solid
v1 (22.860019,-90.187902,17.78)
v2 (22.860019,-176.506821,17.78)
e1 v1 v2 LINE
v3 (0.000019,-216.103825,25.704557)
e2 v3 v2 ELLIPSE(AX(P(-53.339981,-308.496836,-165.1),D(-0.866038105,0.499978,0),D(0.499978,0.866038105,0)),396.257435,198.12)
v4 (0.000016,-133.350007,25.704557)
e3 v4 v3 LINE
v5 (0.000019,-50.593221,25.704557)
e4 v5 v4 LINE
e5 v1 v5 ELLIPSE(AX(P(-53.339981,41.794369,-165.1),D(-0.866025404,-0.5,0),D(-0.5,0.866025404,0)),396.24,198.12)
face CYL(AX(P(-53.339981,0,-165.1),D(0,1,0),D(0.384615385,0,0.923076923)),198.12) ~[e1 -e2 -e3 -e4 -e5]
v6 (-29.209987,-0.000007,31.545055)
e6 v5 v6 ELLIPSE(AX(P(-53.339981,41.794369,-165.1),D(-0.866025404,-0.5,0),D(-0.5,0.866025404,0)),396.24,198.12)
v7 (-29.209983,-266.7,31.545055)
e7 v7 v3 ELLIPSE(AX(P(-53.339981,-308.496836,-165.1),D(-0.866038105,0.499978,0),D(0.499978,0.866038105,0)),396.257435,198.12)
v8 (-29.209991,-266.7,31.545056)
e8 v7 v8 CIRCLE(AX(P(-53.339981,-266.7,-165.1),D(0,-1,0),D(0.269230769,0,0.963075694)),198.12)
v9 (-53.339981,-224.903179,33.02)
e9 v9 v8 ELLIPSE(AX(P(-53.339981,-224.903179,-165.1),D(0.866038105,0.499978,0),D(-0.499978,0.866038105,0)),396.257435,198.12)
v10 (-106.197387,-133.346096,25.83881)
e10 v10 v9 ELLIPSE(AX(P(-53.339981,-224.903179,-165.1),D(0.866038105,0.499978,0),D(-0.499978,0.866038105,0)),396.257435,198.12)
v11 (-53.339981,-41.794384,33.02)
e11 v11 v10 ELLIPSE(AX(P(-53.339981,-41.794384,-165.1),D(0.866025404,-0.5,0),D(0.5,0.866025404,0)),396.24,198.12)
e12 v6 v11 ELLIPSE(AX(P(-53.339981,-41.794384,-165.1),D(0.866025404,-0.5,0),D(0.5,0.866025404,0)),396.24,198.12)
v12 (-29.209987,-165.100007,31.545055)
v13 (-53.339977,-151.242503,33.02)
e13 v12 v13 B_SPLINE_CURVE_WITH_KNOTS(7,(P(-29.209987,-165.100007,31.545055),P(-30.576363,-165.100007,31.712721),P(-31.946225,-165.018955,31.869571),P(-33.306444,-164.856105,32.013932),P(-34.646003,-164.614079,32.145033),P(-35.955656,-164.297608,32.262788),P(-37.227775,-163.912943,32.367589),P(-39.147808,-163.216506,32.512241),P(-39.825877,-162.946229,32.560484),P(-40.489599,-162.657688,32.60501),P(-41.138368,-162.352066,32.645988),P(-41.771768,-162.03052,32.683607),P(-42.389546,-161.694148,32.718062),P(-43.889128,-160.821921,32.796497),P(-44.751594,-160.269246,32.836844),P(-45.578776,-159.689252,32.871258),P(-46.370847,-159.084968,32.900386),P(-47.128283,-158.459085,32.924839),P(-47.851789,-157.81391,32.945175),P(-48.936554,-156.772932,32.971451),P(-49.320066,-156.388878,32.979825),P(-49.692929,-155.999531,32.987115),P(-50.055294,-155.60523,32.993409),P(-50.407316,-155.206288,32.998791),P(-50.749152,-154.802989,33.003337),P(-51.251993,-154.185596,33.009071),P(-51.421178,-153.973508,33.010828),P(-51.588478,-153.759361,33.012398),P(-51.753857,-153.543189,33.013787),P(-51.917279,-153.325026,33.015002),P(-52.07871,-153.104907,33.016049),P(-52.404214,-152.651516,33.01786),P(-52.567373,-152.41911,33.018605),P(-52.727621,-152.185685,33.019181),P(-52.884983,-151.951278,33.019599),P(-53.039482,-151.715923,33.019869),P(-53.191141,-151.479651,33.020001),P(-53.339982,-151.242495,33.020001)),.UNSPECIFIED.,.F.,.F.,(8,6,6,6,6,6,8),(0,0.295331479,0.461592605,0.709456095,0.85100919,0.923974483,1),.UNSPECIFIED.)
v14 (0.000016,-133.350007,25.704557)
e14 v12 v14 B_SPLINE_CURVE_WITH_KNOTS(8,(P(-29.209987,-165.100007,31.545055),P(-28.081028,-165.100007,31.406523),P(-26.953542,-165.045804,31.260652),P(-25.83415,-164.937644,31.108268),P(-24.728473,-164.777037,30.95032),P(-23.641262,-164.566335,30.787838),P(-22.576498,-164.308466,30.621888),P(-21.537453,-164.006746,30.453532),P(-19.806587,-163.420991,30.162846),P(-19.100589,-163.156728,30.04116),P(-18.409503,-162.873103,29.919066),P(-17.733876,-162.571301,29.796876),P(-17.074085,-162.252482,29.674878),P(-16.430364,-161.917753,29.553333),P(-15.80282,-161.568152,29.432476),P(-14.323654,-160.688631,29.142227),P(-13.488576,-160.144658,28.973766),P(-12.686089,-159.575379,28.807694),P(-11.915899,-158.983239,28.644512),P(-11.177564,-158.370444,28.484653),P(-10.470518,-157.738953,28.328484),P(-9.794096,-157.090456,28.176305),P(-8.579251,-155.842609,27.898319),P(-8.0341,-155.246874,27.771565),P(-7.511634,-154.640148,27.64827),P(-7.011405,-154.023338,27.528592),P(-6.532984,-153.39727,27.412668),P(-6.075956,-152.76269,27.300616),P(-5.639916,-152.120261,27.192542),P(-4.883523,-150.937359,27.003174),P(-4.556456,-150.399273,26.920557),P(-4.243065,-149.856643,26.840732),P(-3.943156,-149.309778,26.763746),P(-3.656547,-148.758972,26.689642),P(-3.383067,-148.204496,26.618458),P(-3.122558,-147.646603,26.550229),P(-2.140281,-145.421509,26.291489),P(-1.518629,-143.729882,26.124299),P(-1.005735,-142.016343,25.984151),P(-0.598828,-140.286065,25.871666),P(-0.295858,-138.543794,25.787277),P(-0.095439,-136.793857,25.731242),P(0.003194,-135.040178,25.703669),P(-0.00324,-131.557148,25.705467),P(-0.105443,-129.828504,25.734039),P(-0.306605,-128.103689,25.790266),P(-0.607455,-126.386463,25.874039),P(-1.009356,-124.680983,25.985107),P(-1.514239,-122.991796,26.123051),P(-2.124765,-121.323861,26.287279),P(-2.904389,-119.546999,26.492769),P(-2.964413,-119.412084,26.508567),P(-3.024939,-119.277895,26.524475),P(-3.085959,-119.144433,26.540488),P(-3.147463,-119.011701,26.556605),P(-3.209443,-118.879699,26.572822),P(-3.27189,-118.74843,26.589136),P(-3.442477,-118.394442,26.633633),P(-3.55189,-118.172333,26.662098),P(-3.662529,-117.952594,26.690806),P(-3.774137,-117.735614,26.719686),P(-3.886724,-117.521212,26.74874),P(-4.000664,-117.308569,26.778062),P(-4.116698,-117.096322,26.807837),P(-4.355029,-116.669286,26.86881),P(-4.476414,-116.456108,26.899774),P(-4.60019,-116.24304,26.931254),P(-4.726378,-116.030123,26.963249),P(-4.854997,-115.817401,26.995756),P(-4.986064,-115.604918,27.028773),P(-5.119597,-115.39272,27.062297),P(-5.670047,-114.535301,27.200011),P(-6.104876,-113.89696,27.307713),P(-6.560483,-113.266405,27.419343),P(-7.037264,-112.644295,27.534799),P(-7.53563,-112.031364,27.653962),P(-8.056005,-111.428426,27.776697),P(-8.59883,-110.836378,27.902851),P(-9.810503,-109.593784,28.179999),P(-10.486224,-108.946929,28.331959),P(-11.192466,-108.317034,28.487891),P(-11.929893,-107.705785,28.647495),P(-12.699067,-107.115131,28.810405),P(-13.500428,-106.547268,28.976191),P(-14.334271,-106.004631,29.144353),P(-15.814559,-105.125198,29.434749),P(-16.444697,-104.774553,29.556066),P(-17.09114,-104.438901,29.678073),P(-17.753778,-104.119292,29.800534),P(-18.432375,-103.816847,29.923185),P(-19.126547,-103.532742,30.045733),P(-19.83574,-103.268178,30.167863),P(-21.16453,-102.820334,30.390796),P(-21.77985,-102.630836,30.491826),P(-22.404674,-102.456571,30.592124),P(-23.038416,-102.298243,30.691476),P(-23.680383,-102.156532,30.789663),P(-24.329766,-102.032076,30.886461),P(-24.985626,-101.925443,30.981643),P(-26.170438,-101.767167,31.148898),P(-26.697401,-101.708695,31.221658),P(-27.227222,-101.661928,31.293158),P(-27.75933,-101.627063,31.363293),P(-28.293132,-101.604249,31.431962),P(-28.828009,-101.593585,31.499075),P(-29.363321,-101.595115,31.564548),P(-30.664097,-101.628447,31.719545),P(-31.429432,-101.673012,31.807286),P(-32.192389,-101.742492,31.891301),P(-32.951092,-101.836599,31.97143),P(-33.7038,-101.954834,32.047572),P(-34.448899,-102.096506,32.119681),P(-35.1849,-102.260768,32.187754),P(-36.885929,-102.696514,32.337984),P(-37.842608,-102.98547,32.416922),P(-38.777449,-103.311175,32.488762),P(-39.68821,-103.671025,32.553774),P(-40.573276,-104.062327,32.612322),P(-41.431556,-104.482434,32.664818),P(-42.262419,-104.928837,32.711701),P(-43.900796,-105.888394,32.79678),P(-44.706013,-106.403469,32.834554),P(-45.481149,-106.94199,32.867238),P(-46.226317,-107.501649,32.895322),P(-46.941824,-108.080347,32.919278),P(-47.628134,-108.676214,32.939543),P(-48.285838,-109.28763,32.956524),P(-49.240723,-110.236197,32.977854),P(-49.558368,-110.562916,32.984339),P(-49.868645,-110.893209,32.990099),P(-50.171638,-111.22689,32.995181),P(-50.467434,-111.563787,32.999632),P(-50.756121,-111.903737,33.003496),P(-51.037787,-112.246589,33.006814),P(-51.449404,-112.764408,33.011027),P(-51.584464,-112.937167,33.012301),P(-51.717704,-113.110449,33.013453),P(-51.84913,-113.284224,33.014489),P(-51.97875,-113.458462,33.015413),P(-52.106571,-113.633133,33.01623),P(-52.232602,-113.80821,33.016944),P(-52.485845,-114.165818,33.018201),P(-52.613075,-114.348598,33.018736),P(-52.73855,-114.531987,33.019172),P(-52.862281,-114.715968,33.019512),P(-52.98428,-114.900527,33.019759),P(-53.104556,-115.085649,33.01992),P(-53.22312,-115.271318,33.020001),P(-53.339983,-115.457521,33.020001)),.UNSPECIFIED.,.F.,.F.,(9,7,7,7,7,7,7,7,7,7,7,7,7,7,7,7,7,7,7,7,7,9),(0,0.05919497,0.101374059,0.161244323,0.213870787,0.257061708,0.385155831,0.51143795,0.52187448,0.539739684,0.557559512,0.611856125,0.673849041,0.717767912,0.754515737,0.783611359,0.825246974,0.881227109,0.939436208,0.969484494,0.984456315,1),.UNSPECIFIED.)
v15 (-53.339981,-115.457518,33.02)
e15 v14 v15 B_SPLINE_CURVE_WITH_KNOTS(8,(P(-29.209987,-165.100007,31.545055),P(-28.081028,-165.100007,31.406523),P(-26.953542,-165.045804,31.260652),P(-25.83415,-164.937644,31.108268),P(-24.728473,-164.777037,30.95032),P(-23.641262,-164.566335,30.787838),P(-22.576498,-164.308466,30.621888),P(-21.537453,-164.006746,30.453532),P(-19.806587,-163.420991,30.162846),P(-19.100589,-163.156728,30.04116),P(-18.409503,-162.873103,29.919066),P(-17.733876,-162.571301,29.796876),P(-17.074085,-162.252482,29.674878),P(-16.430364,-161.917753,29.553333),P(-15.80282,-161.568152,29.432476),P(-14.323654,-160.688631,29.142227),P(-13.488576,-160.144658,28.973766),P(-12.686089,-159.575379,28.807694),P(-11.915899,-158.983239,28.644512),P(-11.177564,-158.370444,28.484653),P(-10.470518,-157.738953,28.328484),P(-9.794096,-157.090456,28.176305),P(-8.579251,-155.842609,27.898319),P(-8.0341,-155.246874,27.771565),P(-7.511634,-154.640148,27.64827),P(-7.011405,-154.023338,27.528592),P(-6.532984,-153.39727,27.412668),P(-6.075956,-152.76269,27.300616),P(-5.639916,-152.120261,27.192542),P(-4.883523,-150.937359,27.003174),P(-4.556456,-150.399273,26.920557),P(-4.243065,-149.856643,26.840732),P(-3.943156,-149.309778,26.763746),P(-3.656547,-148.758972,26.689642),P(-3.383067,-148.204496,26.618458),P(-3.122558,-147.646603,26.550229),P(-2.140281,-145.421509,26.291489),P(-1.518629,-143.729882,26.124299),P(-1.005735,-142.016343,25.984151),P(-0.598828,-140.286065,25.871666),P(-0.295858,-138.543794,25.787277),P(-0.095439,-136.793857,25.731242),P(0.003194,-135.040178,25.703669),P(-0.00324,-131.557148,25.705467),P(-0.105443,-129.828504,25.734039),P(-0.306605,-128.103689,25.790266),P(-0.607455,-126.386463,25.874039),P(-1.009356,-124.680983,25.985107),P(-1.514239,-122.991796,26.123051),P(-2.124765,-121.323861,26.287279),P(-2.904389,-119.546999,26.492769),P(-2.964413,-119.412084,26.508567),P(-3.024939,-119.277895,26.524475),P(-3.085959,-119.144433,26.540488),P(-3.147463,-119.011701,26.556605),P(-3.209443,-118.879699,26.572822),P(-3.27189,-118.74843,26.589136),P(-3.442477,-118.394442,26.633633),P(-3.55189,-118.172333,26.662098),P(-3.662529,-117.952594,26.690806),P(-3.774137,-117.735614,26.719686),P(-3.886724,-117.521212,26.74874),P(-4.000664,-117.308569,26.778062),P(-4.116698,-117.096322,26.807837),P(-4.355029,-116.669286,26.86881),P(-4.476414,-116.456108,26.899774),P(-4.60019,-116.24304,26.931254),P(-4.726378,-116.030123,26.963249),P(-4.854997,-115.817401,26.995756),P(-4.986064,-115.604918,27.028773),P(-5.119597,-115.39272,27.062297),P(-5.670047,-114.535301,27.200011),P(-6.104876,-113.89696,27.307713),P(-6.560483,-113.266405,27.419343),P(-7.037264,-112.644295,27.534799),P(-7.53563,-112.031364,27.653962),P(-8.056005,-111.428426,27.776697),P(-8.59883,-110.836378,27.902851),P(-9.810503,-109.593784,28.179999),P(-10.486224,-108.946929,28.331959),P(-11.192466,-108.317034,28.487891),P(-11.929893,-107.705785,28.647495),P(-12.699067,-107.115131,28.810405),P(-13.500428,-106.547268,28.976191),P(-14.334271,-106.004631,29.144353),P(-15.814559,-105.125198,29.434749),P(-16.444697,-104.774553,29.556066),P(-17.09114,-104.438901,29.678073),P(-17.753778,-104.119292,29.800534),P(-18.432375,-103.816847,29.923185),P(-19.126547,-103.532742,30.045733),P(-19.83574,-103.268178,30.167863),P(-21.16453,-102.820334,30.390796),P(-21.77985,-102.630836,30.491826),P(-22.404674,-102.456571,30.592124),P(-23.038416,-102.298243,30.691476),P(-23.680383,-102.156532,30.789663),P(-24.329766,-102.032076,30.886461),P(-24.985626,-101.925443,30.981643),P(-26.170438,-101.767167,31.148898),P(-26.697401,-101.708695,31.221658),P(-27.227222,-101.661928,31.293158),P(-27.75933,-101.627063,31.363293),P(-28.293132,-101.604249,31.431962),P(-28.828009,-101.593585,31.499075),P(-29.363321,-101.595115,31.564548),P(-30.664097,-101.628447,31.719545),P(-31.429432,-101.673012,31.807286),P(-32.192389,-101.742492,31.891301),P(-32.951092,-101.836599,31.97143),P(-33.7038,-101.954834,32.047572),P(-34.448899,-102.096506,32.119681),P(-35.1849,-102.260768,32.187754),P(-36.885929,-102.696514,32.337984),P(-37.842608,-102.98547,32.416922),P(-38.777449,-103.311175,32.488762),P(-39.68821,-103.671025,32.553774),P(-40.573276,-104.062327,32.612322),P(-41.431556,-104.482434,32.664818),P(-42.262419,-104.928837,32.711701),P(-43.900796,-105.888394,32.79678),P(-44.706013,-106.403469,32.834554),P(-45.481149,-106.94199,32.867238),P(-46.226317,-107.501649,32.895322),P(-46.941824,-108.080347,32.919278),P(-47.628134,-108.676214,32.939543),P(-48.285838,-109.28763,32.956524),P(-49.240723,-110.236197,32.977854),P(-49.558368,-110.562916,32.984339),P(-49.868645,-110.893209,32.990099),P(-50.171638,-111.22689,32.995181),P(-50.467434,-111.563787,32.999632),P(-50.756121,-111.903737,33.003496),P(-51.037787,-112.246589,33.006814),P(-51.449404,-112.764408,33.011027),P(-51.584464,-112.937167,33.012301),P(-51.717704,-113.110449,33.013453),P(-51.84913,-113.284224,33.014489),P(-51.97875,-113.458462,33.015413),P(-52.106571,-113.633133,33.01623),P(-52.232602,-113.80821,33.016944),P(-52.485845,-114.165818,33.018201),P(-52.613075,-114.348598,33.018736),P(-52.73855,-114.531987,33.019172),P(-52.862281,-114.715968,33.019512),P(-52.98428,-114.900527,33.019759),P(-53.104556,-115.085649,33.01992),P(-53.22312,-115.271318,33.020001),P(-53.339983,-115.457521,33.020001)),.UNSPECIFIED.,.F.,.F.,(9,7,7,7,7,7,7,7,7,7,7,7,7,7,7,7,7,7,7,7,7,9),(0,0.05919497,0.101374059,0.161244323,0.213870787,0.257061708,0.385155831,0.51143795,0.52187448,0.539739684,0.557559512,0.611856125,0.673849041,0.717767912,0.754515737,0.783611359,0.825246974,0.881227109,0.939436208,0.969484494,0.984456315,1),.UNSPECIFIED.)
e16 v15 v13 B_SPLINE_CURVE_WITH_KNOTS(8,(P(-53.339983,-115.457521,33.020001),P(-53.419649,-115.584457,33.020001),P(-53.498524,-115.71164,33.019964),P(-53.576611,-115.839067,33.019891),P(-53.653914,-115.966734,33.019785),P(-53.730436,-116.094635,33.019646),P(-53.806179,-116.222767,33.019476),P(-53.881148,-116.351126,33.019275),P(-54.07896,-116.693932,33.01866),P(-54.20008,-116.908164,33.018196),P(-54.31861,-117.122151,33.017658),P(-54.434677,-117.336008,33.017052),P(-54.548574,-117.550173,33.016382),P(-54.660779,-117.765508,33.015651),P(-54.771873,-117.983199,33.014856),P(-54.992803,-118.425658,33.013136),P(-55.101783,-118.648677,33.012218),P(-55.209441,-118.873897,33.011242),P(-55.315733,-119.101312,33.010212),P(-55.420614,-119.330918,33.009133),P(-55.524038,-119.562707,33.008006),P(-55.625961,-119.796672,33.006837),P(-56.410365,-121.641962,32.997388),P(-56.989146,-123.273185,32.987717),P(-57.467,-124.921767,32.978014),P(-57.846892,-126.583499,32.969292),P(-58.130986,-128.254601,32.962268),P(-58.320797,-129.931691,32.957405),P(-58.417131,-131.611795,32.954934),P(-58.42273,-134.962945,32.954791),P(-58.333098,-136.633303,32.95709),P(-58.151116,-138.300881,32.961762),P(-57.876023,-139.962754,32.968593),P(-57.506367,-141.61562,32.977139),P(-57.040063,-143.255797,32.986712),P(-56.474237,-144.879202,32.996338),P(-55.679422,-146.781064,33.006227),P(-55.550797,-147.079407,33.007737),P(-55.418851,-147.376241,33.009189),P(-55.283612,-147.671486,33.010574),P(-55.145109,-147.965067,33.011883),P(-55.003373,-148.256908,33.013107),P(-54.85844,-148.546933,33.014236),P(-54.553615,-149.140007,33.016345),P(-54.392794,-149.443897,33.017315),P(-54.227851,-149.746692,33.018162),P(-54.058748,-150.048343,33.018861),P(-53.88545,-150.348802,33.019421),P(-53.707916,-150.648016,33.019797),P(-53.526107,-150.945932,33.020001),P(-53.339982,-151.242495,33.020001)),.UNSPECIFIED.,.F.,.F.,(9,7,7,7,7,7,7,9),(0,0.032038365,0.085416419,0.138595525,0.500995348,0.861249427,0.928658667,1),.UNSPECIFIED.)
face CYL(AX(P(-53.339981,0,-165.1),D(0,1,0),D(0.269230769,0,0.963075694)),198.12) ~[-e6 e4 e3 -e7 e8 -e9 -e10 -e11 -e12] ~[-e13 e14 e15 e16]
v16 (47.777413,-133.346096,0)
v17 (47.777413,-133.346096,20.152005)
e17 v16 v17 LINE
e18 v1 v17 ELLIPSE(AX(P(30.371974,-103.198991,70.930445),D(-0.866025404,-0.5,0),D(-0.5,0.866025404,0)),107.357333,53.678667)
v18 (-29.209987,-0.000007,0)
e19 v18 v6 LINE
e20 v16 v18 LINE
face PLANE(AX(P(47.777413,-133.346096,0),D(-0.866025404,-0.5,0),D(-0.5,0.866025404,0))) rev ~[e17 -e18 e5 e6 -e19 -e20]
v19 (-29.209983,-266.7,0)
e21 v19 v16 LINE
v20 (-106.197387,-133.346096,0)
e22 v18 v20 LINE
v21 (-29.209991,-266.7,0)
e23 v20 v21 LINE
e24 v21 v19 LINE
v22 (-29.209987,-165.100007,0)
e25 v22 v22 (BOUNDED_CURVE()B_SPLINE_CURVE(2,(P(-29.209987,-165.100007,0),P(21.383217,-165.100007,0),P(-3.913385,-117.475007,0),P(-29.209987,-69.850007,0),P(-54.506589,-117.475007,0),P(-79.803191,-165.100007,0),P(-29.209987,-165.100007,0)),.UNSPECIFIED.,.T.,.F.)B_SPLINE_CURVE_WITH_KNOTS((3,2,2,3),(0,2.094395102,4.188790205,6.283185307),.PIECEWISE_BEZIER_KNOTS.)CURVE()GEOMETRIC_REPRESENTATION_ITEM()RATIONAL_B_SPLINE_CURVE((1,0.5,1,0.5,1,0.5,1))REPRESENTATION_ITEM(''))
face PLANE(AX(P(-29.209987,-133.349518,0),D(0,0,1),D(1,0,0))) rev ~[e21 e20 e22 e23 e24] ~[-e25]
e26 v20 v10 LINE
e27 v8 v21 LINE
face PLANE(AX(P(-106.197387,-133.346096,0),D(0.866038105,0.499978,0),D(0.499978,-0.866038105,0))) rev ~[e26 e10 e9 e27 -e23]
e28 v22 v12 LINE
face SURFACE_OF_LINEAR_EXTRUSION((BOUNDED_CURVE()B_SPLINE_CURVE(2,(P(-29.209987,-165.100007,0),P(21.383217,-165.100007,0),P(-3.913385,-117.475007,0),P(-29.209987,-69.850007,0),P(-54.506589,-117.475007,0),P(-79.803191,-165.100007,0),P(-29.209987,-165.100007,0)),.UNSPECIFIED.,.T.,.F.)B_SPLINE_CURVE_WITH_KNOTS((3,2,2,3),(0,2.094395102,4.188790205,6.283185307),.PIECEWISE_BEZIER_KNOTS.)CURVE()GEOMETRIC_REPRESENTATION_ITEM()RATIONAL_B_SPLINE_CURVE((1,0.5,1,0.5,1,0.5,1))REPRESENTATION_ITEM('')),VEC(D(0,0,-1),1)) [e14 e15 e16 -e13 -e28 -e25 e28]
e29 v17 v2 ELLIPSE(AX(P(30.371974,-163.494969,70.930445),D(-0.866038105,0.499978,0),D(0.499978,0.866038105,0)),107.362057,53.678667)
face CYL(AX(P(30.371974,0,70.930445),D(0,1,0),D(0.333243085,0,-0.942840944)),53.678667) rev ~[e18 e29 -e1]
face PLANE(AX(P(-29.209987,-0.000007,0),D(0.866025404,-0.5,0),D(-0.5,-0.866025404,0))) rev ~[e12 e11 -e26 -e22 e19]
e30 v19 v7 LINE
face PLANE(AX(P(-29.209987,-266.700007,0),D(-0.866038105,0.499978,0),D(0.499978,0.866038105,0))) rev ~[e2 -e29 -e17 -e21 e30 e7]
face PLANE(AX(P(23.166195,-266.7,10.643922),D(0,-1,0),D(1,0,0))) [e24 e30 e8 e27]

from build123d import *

# Parameters (mm, degrees)
F1_DEPTH = 266.7
F2_DEPTH = 266.7
F4_DEPTH = 33.02


with BuildPart() as f1:
    # F0 (on Front) → F1 (new body)
    with BuildSketch(Plane.XZ):
        with BuildLine():
            ThreePointArc((48.2600185156, 20.32), (35.7132010039, 17.5181751166), (22.8600185156, 17.78))
            ThreePointArc((22.8600185156, 17.78), (11.5511007159, 22.0915645826), (1.85156e-05, 25.7045565494))
            Line((1.85156e-05, 25.7045565494), (1.85156e-05, 0))
            Line((1.85156e-05, 0), (48.2600185156, 0))
            Line((48.2600185156, 0), (48.2600185156, 20.32))
        make_face()
        with BuildLine():
            Line((1.85156e-05, 0), (1.85156e-05, 25.7045565494))
            ThreePointArc((1.85156e-05, 25.7045565494), (-65.4372766005, 32.6503219994), (-129.5399814844, 17.78))
            Line((-129.5399814844, 17.78), (-129.5399814844, 0))
            Line((-129.5399814844, 0), (1.85156e-05, 0))
        make_face()
    extrude(amount=F1_DEPTH)

    # F0 (on Front) → F2 (join)
    with BuildSketch(Plane.XZ):
        with BuildLine():
            ThreePointArc((48.2600185156, 20.32), (35.7132010039, 17.5181751166), (22.8600185156, 17.78))
            ThreePointArc((22.8600185156, 17.78), (11.5511007159, 22.0915645826), (1.85156e-05, 25.7045565494))
            Line((1.85156e-05, 25.7045565494), (1.85156e-05, 0))
            Line((1.85156e-05, 0), (48.2600185156, 0))
            Line((48.2600185156, 0), (48.2600185156, 20.32))
        make_face()
        with BuildLine():
            Line((1.85156e-05, 0), (1.85156e-05, 25.7045565494))
            ThreePointArc((1.85156e-05, 25.7045565494), (-65.4372766005, 32.6503219994), (-129.5399814844, 17.78))
            Line((-129.5399814844, 17.78), (-129.5399814844, 0))
            Line((-129.5399814844, 0), (1.85156e-05, 0))
        make_face()
    extrude(amount=F2_DEPTH)


with BuildPart() as f4:
    # F3 (on Top) → F4 (new body)
    with BuildSketch(Plane.XY):
        Polygon((47.7774130199, -133.3460956812), (-29.2099869801, -7.3386e-06), (-106.1973869801, -133.3460956812), (-29.2099869801, -266.7000073386), align=None)
        with BuildLine():
            add(Edge.make_bspline(
                [(-29.2099869801, -165.1000073386), (21.383217109, -165.1000073386), (-3.9133849355, -117.4750073386), (-29.2099869801, -69.8500073386), (-54.5065890246, -117.4750073386), (-79.8031910691, -165.1000073386), (-29.2099869801, -165.1000073386)],
                knots=[0, 0, 0, 2.0943951024, 2.0943951024, 4.1887902048, 4.1887902048, 6.2831853072, 6.2831853072, 6.2831853072], degree=2, weights=[1, 0.5, 1, 0.5, 1, 0.5, 1]))
        make_face(mode=Mode.SUBTRACT)
    extrude(amount=F4_DEPTH)

    # F5: intersect F1
    add(f1.part, mode=Mode.INTERSECT)


solid = f4.part
